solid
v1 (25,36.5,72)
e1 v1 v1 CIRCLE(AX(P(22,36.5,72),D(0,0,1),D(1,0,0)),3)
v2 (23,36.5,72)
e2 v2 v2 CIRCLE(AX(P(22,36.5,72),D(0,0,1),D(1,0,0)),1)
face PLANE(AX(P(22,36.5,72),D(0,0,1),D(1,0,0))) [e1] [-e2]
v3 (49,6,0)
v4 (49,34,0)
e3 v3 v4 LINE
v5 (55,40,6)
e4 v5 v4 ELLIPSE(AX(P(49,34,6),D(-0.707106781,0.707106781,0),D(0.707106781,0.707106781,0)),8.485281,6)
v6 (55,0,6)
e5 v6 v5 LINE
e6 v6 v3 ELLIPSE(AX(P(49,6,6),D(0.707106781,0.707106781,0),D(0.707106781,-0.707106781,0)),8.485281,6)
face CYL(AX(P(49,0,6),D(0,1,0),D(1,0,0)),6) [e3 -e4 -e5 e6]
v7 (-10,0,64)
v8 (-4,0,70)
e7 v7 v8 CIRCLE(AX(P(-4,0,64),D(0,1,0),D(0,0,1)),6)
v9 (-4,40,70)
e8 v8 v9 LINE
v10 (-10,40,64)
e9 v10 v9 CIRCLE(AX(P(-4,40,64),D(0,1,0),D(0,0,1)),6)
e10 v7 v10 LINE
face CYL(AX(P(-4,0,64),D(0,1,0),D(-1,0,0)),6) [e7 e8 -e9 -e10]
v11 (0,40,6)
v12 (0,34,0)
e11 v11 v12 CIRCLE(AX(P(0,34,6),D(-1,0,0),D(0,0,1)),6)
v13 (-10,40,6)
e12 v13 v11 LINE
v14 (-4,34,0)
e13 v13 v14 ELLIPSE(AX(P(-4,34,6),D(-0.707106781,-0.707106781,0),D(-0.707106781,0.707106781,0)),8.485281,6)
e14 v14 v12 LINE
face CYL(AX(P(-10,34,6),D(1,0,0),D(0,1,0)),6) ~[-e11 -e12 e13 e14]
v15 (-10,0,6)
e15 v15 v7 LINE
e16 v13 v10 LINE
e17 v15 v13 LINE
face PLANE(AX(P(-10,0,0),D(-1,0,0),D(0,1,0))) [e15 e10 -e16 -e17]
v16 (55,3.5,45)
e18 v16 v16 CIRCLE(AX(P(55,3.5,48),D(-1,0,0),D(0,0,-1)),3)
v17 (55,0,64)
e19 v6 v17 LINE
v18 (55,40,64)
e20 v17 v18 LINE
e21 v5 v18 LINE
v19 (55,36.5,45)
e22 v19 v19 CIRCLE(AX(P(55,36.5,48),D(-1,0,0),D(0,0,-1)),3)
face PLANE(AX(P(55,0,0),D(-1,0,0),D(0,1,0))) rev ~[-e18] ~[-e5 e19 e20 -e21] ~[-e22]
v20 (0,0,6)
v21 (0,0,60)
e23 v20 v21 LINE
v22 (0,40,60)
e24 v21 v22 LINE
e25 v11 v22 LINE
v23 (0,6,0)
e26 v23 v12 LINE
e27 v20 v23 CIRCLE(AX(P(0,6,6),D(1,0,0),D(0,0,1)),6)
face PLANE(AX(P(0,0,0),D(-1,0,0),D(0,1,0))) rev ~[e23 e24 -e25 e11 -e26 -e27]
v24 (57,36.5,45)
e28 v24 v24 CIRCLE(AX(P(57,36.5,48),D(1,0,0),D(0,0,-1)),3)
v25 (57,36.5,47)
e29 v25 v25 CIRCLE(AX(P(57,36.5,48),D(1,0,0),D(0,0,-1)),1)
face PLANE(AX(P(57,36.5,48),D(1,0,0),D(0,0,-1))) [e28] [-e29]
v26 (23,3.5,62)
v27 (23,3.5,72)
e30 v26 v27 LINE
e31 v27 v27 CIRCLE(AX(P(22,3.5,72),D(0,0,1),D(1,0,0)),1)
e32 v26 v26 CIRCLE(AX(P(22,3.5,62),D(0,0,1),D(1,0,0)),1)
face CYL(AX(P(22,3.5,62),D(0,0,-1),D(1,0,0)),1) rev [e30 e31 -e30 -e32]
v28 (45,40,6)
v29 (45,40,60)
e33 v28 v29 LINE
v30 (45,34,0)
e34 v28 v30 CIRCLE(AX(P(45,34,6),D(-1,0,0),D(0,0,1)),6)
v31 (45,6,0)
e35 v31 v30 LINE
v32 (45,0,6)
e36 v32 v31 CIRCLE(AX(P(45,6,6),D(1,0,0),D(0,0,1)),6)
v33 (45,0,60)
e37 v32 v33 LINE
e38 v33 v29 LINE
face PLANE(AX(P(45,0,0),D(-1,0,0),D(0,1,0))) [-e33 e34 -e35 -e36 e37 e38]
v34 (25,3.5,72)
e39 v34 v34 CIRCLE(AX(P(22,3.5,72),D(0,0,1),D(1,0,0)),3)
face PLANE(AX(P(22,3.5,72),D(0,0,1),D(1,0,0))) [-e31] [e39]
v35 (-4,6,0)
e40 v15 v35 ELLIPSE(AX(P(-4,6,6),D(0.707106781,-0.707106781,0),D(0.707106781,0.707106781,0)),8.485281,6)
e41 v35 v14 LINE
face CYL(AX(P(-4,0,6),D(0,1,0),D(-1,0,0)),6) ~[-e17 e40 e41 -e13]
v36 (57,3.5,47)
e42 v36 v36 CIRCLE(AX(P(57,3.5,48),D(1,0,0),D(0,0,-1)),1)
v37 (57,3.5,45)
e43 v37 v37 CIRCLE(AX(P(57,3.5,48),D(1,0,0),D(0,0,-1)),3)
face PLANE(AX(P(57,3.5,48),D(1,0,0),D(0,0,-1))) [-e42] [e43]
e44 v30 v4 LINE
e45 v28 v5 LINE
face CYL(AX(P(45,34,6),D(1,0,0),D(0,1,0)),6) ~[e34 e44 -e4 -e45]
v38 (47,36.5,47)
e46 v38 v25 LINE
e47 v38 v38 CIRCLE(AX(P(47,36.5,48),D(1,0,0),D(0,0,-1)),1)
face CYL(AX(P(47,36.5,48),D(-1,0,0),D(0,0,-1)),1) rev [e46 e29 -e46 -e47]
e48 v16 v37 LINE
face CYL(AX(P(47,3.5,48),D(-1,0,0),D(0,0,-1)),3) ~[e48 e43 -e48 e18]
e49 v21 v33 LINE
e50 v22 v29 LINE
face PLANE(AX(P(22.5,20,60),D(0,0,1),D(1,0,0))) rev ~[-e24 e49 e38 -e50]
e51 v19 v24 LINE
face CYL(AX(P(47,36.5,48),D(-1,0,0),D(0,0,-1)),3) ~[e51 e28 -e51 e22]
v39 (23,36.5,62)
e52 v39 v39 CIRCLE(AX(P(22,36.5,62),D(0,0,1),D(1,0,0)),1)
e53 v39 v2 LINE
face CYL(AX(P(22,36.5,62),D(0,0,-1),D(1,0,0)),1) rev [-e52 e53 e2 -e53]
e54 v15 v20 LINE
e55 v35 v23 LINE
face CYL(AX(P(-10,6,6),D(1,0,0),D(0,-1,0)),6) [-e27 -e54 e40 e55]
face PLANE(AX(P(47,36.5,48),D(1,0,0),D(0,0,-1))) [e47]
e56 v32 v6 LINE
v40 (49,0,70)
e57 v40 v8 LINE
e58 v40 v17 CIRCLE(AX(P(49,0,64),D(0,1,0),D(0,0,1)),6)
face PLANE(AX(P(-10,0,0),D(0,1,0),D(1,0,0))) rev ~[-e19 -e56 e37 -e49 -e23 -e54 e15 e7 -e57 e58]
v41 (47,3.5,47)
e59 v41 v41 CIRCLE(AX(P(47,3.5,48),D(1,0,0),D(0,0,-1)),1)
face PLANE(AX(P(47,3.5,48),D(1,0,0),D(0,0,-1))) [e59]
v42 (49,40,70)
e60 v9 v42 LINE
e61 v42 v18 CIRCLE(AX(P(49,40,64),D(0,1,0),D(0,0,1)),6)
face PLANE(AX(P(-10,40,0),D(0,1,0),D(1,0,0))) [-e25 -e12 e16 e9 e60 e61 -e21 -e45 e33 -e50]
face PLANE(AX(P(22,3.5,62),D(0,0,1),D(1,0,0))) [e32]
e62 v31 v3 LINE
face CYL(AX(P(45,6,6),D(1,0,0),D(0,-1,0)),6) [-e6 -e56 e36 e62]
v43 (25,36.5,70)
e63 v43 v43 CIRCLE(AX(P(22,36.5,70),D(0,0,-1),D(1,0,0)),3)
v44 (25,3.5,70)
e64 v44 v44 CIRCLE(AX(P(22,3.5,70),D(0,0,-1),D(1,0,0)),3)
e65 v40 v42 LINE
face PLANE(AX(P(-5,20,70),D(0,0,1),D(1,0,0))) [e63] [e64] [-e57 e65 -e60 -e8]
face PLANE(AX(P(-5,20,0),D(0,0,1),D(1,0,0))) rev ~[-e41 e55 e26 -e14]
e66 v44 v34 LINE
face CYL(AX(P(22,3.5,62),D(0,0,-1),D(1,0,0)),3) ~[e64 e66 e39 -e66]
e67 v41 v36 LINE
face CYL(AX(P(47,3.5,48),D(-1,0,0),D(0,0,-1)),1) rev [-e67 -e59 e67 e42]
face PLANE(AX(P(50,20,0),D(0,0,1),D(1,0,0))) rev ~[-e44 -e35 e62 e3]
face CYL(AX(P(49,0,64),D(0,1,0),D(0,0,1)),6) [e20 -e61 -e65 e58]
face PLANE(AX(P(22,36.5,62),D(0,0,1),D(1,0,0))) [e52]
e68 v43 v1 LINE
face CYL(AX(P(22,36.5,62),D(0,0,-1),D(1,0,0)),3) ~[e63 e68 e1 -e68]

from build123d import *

# Parameters (mm, degrees)
CYLINDER013_R     = 1
CYLINDER013_DEPTH = 10
CYLINDER014_R     = 1
CYLINDER014_DEPTH = 10
CYLINDER017_R     = 1
CYLINDER017_DEPTH = 10
CYLINDER011_R     = 1
CYLINDER011_DEPTH = 10
BOX001_W          = 10
BOX001_H          = 40
BOX001_DEPTH      = 70
CYLINDER016_R     = 3
CYLINDER016_DEPTH = 10
CYLINDER015_R     = 3
CYLINDER015_DEPTH = 10
CYLINDER012_R     = 3
CYLINDER012_DEPTH = 10
CYLINDER010_R     = 3
CYLINDER010_DEPTH = 10
BOX_W             = 10
BOX_H             = 40
BOX_DEPTH         = 70
BOX002_W          = 45
BOX002_H          = 40
BOX002_DEPTH      = 10
FILLET_R          = 6


with BuildPart() as foro001:
    # Cylinder013 → Cylinder013 (new body)
    with BuildSketch(Plane(origin=(47, 36.5, 48), x_dir=(0, 0, -1), z_dir=(1, 0, 0))):
        Circle(CYLINDER013_R)
    extrude(amount=CYLINDER013_DEPTH)


with BuildPart() as foro002:
    # Cylinder014 → Cylinder014 (new body)
    with BuildSketch(Plane(origin=(22, 36.5, 62), x_dir=(1, 0, 0), z_dir=(0, 0, 1))):
        Circle(CYLINDER014_R)
    extrude(amount=CYLINDER014_DEPTH)


with BuildPart() as foro003:
    # Cylinder017 → Cylinder017 (new body)
    with BuildSketch(Plane(origin=(22, 3.5, 62), x_dir=(1, 0, 0), z_dir=(0, 0, 1))):
        Circle(CYLINDER017_R)
    extrude(amount=CYLINDER017_DEPTH)


with BuildPart() as foro:
    # Cylinder011 → Cylinder011 (new body)
    with BuildSketch(Plane(origin=(47, 3.5, 48), x_dir=(0, 0, -1), z_dir=(1, 0, 0))):
        Circle(CYLINDER011_R)
    extrude(amount=CYLINDER011_DEPTH)


with BuildPart() as cube001:
    # Box001 → Box001 (new body)
    with BuildSketch(Plane(origin=(45, 0, 0), x_dir=(1, 0, 0), z_dir=(0, 0, 1))):
        with Locations((5, 20)):
            Rectangle(BOX001_W, BOX001_H)
    extrude(amount=BOX001_DEPTH)


with BuildPart() as cylinder016:
    # Cylinder016 → Cylinder016 (new body)
    with BuildSketch(Plane(origin=(22, 3.5, 62), x_dir=(1, 0, 0), z_dir=(0, 0, 1))):
        Circle(CYLINDER016_R)
    extrude(amount=CYLINDER016_DEPTH)


with BuildPart() as cylinder015:
    # Cylinder015 → Cylinder015 (new body)
    with BuildSketch(Plane(origin=(22, 36.5, 62), x_dir=(1, 0, 0), z_dir=(0, 0, 1))):
        Circle(CYLINDER015_R)
    extrude(amount=CYLINDER015_DEPTH)


with BuildPart() as cylinder012:
    # Cylinder012 → Cylinder012 (new body)
    with BuildSketch(Plane(origin=(47, 36.5, 48), x_dir=(0, 0, -1), z_dir=(1, 0, 0))):
        Circle(CYLINDER012_R)
    extrude(amount=CYLINDER012_DEPTH)


with BuildPart() as cylinder010:
    # Cylinder010 → Cylinder010 (new body)
    with BuildSketch(Plane(origin=(47, 3.5, 48), x_dir=(0, 0, -1), z_dir=(1, 0, 0))):
        Circle(CYLINDER010_R)
    extrude(amount=CYLINDER010_DEPTH)


with BuildPart() as cube:
    # Box → Box (new body)
    with BuildSketch(Plane(origin=(-10, 0, 0), x_dir=(1, 0, 0), z_dir=(0, 0, 1))):
        with Locations((5, 20)):
            Rectangle(BOX_W, BOX_H)
    extrude(amount=BOX_DEPTH)


with BuildPart() as fillet_body:
    # Box002 → Box002 (new body)
    with BuildSketch(Plane.XY.offset(60)):
        with Locations((22.5, 20)):
            Rectangle(BOX002_W, BOX002_H)
    extrude(amount=BOX002_DEPTH)

    # Fusion: union Cube001, Cylinder016, Cylinder015, Cylinder012, Cylinder010, Cube
    add(cube001.part)
    add(cylinder016.part)
    add(cylinder015.part)
    add(cylinder012.part)
    add(cylinder010.part)
    add(cube.part)

    # Cut: cut foro
    add(foro.part, mode=Mode.SUBTRACT)

    # Cut001: cut foro003
    add(foro003.part, mode=Mode.SUBTRACT)

    # Cut002: cut foro002
    add(foro002.part, mode=Mode.SUBTRACT)

    # Cut003: cut foro001
    add(foro001.part, mode=Mode.SUBTRACT)

    # Fillet
    fillet_edges = [fillet_body.edges().sort_by_distance(p)[0] for p in [
        (50, 0, 0),
        (-5, 0, 0),
        (50, 40, 0),
        (55, 20, 0),
        (55, 20, 70),
        (-10, 20, 70),
        (-10, 20, 0),
        (-5, 40, 0),
    ]]
    fillet(fillet_edges, radius=FILLET_R)


solid = fillet_body.part
